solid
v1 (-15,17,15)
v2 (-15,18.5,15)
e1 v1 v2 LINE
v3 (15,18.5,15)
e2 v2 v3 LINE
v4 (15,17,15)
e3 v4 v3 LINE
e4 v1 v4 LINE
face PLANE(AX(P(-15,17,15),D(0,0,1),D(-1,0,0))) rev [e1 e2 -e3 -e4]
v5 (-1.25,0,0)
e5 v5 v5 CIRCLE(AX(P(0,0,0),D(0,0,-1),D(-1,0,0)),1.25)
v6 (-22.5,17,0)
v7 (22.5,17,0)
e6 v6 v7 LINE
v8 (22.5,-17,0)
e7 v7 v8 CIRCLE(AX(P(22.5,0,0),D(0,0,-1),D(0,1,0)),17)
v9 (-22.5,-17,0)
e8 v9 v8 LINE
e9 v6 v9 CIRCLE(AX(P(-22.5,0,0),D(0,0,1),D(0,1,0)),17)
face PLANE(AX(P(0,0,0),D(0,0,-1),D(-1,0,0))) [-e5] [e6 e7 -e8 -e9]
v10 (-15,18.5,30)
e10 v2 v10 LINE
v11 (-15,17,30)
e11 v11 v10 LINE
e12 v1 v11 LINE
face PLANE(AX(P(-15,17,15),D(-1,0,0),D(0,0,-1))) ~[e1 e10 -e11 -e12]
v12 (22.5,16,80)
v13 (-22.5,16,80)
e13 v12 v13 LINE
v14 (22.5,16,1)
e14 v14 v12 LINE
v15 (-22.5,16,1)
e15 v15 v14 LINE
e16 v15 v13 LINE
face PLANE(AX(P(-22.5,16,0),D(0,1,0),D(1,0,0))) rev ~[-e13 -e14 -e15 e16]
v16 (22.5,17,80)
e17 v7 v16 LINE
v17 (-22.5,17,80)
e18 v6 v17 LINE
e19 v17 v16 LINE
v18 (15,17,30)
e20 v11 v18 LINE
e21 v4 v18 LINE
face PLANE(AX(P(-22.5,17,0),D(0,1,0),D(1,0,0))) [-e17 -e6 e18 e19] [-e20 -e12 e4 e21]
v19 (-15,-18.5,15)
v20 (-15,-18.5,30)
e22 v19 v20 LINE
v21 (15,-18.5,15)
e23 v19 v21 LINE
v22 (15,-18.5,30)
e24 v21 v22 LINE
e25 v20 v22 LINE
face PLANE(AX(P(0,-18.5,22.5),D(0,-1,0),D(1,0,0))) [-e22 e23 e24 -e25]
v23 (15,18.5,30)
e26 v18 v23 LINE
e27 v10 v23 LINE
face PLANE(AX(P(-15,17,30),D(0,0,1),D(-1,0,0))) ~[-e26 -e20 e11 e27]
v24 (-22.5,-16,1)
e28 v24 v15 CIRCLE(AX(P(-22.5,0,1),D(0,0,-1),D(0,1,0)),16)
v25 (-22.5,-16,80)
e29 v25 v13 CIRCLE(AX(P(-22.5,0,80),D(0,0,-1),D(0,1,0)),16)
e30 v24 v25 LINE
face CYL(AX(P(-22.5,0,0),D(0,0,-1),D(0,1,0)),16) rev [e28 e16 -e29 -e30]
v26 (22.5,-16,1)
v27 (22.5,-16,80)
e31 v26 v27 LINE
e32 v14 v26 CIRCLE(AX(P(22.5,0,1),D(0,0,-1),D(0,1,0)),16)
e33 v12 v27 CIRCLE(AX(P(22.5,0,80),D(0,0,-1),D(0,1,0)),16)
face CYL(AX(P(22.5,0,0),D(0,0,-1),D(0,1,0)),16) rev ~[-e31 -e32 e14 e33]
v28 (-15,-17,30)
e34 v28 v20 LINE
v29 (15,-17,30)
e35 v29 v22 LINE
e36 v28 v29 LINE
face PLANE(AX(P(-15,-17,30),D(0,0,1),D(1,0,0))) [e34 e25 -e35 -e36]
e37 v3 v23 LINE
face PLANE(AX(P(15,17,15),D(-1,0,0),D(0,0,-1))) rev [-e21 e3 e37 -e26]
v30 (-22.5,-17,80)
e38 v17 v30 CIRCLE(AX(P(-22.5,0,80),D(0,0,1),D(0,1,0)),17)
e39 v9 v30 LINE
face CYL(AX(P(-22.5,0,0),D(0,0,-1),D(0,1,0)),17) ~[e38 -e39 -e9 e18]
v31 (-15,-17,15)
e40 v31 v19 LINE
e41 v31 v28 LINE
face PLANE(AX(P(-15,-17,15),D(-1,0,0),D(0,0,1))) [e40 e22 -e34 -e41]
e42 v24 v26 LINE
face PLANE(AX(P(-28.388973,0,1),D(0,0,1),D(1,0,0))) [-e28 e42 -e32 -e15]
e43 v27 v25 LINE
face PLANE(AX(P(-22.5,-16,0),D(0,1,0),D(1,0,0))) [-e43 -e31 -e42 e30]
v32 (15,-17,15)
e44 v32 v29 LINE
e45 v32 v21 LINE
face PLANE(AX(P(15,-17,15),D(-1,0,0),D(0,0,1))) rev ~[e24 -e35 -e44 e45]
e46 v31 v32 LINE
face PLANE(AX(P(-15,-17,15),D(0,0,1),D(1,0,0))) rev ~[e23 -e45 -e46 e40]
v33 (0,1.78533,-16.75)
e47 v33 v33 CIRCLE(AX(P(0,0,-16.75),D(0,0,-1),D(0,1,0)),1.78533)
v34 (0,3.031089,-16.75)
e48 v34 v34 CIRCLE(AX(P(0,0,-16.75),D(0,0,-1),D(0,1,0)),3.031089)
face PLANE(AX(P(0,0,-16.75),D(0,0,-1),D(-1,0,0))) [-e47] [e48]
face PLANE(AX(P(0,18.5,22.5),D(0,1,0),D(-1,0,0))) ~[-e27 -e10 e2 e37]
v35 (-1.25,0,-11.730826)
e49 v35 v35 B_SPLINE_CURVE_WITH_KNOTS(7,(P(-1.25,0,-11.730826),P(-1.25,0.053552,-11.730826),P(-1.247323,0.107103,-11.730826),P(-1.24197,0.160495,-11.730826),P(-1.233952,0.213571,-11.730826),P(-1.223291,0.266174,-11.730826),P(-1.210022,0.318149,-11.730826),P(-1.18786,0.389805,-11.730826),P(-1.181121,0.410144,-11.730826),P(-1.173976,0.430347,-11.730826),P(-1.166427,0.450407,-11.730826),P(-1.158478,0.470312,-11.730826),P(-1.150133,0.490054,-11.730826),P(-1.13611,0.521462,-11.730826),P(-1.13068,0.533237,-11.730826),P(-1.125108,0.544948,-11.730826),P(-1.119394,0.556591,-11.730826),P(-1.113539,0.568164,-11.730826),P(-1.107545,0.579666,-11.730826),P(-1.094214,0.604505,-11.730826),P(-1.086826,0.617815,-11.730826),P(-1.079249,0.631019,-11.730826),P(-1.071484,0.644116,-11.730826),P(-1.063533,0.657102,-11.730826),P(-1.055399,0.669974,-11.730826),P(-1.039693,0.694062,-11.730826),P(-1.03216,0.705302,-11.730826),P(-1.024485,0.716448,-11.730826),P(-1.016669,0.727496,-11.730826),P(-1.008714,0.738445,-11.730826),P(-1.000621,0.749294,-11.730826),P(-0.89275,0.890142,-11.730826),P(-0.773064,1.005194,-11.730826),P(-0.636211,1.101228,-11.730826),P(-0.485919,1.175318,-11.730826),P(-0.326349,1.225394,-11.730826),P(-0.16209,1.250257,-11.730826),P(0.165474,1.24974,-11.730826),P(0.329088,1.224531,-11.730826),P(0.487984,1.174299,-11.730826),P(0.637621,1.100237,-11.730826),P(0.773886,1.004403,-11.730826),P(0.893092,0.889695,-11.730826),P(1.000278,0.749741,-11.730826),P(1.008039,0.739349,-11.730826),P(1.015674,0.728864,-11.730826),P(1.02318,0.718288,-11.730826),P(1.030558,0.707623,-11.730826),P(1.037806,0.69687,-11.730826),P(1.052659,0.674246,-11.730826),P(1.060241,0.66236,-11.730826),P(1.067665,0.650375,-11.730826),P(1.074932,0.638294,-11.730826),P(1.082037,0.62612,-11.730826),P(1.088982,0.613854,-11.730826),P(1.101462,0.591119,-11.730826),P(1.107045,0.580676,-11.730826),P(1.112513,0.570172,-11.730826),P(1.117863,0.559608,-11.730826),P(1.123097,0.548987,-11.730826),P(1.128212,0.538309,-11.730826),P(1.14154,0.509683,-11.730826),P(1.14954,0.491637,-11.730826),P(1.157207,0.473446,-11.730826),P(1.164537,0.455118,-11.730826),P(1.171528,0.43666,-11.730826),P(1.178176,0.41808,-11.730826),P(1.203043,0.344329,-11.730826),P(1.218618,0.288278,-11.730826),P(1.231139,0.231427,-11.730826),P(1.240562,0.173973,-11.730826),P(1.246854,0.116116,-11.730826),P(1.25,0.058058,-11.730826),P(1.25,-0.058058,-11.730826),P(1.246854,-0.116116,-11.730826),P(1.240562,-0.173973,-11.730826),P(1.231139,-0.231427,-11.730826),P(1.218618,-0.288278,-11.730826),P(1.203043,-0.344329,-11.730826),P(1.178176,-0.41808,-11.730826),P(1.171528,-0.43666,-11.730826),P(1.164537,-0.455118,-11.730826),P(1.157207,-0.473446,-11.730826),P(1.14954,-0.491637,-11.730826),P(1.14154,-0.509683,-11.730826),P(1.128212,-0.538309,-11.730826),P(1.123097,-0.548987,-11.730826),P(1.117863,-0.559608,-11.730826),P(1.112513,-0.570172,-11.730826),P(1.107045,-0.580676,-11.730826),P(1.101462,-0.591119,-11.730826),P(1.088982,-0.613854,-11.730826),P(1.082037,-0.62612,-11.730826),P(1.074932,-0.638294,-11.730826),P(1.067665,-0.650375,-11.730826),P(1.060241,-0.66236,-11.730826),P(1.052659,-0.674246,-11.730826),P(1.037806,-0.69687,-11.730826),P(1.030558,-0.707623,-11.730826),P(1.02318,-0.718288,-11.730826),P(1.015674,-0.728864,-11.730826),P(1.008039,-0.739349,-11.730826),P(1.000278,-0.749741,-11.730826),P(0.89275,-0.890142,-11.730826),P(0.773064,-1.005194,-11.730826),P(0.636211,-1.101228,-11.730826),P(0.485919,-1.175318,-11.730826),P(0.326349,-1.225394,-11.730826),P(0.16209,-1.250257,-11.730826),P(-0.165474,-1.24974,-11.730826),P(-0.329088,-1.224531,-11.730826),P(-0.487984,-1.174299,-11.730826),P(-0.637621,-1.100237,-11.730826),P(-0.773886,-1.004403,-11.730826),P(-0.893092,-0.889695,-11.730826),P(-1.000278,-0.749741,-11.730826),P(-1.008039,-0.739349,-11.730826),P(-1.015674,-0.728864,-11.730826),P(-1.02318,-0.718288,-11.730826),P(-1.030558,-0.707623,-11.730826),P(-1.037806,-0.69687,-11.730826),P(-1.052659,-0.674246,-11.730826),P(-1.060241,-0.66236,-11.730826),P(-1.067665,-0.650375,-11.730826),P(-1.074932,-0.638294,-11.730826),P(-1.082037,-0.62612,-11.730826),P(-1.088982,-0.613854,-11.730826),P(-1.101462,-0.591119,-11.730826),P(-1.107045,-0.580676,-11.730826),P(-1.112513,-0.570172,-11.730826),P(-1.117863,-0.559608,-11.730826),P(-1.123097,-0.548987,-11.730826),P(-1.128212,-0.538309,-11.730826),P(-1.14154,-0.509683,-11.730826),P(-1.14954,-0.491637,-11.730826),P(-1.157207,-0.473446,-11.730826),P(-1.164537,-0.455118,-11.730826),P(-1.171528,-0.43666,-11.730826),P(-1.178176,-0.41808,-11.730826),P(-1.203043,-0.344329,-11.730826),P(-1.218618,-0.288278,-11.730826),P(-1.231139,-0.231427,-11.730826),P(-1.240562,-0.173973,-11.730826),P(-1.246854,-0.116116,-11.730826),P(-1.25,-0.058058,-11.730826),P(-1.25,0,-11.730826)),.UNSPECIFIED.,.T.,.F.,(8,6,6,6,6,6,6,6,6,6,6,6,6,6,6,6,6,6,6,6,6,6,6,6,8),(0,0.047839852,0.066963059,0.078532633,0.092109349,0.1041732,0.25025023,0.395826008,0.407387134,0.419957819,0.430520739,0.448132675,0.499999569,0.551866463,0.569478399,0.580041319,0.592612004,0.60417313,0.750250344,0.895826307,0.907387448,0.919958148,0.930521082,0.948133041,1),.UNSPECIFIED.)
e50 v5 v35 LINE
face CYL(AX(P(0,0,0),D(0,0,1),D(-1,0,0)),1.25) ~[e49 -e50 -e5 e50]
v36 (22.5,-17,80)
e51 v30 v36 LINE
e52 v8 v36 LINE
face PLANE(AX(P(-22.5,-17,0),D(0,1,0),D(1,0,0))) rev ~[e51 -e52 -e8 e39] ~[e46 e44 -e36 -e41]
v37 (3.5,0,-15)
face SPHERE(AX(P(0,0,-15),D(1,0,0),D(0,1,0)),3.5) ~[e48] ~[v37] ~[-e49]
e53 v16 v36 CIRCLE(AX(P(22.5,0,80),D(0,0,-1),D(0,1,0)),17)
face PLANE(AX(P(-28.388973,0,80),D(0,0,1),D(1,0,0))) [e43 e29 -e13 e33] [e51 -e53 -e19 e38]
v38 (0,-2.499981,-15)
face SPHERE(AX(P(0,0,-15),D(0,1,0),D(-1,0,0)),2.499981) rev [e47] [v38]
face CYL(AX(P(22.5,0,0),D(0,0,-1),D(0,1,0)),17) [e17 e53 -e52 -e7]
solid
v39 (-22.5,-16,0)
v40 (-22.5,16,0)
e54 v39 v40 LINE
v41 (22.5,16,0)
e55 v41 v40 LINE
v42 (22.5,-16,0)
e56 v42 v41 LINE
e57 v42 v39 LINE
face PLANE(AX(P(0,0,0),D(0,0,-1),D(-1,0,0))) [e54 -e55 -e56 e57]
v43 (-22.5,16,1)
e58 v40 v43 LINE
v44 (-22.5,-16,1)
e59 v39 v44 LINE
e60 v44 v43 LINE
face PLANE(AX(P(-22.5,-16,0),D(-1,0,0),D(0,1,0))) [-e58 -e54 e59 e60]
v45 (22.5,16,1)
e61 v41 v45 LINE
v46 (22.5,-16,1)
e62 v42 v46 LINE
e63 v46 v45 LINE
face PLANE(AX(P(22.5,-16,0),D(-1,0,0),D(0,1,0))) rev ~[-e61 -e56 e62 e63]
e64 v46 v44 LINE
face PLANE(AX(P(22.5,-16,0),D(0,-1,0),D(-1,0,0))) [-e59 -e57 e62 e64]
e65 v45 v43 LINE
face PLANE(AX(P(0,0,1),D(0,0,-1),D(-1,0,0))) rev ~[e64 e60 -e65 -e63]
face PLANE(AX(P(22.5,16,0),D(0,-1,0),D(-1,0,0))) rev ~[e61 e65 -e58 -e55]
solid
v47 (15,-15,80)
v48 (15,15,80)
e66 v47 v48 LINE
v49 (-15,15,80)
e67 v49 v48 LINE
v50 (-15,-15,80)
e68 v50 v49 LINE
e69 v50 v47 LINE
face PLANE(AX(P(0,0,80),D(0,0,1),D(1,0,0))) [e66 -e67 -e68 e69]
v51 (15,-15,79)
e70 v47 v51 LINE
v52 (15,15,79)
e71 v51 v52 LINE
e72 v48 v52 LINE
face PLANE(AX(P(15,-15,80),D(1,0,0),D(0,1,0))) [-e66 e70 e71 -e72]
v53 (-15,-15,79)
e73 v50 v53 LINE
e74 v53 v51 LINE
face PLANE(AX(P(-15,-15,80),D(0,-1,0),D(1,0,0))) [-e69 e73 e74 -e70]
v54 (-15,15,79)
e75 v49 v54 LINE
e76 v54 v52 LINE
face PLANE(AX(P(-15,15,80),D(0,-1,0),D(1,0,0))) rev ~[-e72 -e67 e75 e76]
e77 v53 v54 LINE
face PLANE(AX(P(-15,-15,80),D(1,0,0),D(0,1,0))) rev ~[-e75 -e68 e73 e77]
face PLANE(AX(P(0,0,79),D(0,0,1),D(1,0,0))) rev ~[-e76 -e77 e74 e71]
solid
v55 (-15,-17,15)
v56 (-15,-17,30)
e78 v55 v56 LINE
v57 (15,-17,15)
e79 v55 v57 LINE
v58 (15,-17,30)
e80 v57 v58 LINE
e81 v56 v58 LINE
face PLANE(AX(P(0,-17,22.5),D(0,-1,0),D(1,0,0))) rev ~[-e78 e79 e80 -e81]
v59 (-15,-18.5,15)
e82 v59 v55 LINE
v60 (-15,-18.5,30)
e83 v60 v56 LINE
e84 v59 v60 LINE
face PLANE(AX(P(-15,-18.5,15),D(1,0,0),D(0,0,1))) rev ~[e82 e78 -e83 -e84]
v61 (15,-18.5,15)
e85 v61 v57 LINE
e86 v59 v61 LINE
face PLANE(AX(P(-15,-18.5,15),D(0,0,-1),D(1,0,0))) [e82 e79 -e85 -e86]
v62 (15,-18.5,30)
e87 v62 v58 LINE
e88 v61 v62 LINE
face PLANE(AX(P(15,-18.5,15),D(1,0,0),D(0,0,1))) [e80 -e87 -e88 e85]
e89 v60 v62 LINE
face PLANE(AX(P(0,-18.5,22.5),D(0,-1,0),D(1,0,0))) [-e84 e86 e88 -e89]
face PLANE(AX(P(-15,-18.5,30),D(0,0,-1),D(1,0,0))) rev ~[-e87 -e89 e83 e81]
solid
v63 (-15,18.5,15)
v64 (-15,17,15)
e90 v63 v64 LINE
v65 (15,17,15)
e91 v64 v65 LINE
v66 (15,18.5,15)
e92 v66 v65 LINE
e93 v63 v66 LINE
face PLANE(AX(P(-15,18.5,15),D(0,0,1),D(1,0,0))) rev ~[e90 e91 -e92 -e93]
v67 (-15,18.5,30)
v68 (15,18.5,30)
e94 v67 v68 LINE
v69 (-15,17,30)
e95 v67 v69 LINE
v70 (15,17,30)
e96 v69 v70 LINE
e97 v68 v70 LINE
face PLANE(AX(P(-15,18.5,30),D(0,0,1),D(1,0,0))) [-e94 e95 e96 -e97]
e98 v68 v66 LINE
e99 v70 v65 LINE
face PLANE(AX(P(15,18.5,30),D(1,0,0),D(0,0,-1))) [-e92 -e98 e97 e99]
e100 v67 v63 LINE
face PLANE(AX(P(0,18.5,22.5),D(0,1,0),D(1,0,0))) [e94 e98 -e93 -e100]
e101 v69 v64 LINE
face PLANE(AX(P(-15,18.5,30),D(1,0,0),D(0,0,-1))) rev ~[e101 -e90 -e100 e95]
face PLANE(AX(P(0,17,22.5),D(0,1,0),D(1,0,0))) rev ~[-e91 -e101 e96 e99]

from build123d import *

# Parameters (mm, degrees)
SKETCH1_W           = 45
SKETCH1_H           = 34
BOSS_EXTRUDE1_DEPTH = 80
SHELL1_T            = -1
SKETCH2_W           = 30
SKETCH2_H           = 15
BOSS_EXTRUDE2_DEPTH = 1.5
SKETCH3_W           = 30
SKETCH3_H           = 15
BOSS_EXTRUDE3_DEPTH = 1.5
SKETCH4_W           = 30
SKETCH4_H           = 15
BOSS_EXTRUDE4_DEPTH = 1.5
SKETCH5_W           = 45
SKETCH5_H           = 32
BOSS_EXTRUDE5_DEPTH = 1
SKETCH6_R           = 1.25
BOSS_EXTRUDE6_DEPTH = 15
SKETCH9_R           = 3.5
CUT_EXTRUDE1_DEPTH  = 2.75
SKETCH10_W          = 45
SKETCH10_H          = 32
BOSS_EXTRUDE7_DEPTH = 1
SKETCH11_W          = 30
SKETCH11_H          = 30
BOSS_EXTRUDE8_DEPTH = 1


with BuildPart() as part:
    # Sketch1 → Boss-Extrude1 (new body)
    with BuildSketch(Plane.XY):
        with BuildLine():
            Line((-22.5, -17), (-22.5, 17))
            ThreePointArc((-22.5, 17), (-39.5, 0), (-22.5, -17))
        make_face()
        Rectangle(SKETCH1_W, SKETCH1_H)
        with BuildLine():
            ThreePointArc((22.5, 17), (39.5, 0), (22.5, -17))
            Line((22.5, -17), (22.5, 17))
        make_face()
    extrude(amount=BOSS_EXTRUDE1_DEPTH)

    # Shell1
    shell1_openings = [part.faces().sort_by_distance(p)[0] for p in [
        (0, 0, 80),
    ]]
    offset(amount=SHELL1_T, openings=shell1_openings, kind=Kind.INTERSECTION)

    # Sketch2 → Boss-Extrude2 (add)
    with BuildSketch(Plane.XZ.offset(17)):
        with Locations((0, 22.5)):
            Rectangle(SKETCH2_W, SKETCH2_H)
    boss_extrude2 = extrude(amount=BOSS_EXTRUDE2_DEPTH)

    # Mirror1: Boss-Extrude2 across plane
    add(boss_extrude2.mirror(Plane.ZX))



with BuildPart() as body_2:
    # Sketch3 → Boss-Extrude3 (new body)
    with BuildSketch(Plane(origin=(0, 18.5, 0), x_dir=(1, 0, 0), z_dir=(0, 1, 0))):
        with Locations((0, -22.5)):
            Rectangle(SKETCH3_W, SKETCH3_H)
    extrude(amount=-BOSS_EXTRUDE3_DEPTH)


with BuildPart() as body_3:
    # Sketch4 → Boss-Extrude4 (new body)
    with BuildSketch(Plane.XZ.offset(18.5)):
        with Locations((0, 22.5)):
            Rectangle(SKETCH4_W, SKETCH4_H)
    extrude(amount=-BOSS_EXTRUDE4_DEPTH)


with BuildPart() as body_4:
    # Sketch5 → Boss-Extrude5 (new body)
    with BuildSketch(Plane(origin=(0, 0, 0), x_dir=(-1, 0, 0), z_dir=(0, 0, -1))):
        Rectangle(SKETCH5_W, SKETCH5_H)
    extrude(amount=-BOSS_EXTRUDE5_DEPTH)


with BuildPart() as part_1:
    add(part.part)

    add(body_4.part)  # Boss-Extrude6 merges body 4
    # Sketch6 → Boss-Extrude6 (add)
    with BuildSketch(Plane(origin=(0, 0, 0), x_dir=(-1, 0, 0), z_dir=(0, 0, -1))):
        Circle(SKETCH6_R)
    extrude(amount=BOSS_EXTRUDE6_DEPTH)

    # Sketch7 → Revolve1 (revolve)
    with BuildSketch(Plane(origin=(0, 0, -15), x_dir=(-1, 0, 0), z_dir=(0, 0, -1))):
        with BuildLine():
            Line((-3.5, 0), (3.5, 0))
            ThreePointArc((3.5, 0), (0, 3.5), (-3.5, 0))
        make_face()
    revolve(axis=Axis((3.5, 0, -15), (-1, 0, 0)))

    # Sketch8 → Cut-Revolve1 (revolve, cut)
    with BuildSketch(Plane(origin=(0, 0, -15), x_dir=(-1, 0, 0), z_dir=(0, 0, -1))):
        with BuildLine():
            Line((0, 2.499980539), (0, -2.499980539))
            ThreePointArc((0, -2.499980539), (2.499980539, 0), (0, 2.499980539))
        make_face()
    revolve(axis=Axis((0, 2.499980539, -15), (0, -1, 0)), mode=Mode.SUBTRACT)

    # Sketch9 → Cut-Extrude1 (cut, through all)
    with BuildSketch(Plane(origin=(0, 0, -16.75), x_dir=(-1, 0, 0), z_dir=(0, 0, -1))):
        Circle(SKETCH9_R)
    extrude(amount=CUT_EXTRUDE1_DEPTH, mode=Mode.SUBTRACT)


with BuildPart() as body_4_2:
    # Sketch10 → Boss-Extrude7 (new body)
    with BuildSketch(Plane(origin=(0, 0, 0), x_dir=(-1, 0, 0), z_dir=(0, 0, -1))):
        Rectangle(SKETCH10_W, SKETCH10_H)
    extrude(amount=-BOSS_EXTRUDE7_DEPTH)


with BuildPart() as body_5:
    # Sketch11 → Boss-Extrude8 (new body)
    with BuildSketch(Plane.XY.offset(80)):
        Rectangle(SKETCH11_W, SKETCH11_H)
    extrude(amount=-BOSS_EXTRUDE8_DEPTH)


solid = Compound([body_2.part, body_3.part, part_1.part, body_4_2.part, body_5.part])
